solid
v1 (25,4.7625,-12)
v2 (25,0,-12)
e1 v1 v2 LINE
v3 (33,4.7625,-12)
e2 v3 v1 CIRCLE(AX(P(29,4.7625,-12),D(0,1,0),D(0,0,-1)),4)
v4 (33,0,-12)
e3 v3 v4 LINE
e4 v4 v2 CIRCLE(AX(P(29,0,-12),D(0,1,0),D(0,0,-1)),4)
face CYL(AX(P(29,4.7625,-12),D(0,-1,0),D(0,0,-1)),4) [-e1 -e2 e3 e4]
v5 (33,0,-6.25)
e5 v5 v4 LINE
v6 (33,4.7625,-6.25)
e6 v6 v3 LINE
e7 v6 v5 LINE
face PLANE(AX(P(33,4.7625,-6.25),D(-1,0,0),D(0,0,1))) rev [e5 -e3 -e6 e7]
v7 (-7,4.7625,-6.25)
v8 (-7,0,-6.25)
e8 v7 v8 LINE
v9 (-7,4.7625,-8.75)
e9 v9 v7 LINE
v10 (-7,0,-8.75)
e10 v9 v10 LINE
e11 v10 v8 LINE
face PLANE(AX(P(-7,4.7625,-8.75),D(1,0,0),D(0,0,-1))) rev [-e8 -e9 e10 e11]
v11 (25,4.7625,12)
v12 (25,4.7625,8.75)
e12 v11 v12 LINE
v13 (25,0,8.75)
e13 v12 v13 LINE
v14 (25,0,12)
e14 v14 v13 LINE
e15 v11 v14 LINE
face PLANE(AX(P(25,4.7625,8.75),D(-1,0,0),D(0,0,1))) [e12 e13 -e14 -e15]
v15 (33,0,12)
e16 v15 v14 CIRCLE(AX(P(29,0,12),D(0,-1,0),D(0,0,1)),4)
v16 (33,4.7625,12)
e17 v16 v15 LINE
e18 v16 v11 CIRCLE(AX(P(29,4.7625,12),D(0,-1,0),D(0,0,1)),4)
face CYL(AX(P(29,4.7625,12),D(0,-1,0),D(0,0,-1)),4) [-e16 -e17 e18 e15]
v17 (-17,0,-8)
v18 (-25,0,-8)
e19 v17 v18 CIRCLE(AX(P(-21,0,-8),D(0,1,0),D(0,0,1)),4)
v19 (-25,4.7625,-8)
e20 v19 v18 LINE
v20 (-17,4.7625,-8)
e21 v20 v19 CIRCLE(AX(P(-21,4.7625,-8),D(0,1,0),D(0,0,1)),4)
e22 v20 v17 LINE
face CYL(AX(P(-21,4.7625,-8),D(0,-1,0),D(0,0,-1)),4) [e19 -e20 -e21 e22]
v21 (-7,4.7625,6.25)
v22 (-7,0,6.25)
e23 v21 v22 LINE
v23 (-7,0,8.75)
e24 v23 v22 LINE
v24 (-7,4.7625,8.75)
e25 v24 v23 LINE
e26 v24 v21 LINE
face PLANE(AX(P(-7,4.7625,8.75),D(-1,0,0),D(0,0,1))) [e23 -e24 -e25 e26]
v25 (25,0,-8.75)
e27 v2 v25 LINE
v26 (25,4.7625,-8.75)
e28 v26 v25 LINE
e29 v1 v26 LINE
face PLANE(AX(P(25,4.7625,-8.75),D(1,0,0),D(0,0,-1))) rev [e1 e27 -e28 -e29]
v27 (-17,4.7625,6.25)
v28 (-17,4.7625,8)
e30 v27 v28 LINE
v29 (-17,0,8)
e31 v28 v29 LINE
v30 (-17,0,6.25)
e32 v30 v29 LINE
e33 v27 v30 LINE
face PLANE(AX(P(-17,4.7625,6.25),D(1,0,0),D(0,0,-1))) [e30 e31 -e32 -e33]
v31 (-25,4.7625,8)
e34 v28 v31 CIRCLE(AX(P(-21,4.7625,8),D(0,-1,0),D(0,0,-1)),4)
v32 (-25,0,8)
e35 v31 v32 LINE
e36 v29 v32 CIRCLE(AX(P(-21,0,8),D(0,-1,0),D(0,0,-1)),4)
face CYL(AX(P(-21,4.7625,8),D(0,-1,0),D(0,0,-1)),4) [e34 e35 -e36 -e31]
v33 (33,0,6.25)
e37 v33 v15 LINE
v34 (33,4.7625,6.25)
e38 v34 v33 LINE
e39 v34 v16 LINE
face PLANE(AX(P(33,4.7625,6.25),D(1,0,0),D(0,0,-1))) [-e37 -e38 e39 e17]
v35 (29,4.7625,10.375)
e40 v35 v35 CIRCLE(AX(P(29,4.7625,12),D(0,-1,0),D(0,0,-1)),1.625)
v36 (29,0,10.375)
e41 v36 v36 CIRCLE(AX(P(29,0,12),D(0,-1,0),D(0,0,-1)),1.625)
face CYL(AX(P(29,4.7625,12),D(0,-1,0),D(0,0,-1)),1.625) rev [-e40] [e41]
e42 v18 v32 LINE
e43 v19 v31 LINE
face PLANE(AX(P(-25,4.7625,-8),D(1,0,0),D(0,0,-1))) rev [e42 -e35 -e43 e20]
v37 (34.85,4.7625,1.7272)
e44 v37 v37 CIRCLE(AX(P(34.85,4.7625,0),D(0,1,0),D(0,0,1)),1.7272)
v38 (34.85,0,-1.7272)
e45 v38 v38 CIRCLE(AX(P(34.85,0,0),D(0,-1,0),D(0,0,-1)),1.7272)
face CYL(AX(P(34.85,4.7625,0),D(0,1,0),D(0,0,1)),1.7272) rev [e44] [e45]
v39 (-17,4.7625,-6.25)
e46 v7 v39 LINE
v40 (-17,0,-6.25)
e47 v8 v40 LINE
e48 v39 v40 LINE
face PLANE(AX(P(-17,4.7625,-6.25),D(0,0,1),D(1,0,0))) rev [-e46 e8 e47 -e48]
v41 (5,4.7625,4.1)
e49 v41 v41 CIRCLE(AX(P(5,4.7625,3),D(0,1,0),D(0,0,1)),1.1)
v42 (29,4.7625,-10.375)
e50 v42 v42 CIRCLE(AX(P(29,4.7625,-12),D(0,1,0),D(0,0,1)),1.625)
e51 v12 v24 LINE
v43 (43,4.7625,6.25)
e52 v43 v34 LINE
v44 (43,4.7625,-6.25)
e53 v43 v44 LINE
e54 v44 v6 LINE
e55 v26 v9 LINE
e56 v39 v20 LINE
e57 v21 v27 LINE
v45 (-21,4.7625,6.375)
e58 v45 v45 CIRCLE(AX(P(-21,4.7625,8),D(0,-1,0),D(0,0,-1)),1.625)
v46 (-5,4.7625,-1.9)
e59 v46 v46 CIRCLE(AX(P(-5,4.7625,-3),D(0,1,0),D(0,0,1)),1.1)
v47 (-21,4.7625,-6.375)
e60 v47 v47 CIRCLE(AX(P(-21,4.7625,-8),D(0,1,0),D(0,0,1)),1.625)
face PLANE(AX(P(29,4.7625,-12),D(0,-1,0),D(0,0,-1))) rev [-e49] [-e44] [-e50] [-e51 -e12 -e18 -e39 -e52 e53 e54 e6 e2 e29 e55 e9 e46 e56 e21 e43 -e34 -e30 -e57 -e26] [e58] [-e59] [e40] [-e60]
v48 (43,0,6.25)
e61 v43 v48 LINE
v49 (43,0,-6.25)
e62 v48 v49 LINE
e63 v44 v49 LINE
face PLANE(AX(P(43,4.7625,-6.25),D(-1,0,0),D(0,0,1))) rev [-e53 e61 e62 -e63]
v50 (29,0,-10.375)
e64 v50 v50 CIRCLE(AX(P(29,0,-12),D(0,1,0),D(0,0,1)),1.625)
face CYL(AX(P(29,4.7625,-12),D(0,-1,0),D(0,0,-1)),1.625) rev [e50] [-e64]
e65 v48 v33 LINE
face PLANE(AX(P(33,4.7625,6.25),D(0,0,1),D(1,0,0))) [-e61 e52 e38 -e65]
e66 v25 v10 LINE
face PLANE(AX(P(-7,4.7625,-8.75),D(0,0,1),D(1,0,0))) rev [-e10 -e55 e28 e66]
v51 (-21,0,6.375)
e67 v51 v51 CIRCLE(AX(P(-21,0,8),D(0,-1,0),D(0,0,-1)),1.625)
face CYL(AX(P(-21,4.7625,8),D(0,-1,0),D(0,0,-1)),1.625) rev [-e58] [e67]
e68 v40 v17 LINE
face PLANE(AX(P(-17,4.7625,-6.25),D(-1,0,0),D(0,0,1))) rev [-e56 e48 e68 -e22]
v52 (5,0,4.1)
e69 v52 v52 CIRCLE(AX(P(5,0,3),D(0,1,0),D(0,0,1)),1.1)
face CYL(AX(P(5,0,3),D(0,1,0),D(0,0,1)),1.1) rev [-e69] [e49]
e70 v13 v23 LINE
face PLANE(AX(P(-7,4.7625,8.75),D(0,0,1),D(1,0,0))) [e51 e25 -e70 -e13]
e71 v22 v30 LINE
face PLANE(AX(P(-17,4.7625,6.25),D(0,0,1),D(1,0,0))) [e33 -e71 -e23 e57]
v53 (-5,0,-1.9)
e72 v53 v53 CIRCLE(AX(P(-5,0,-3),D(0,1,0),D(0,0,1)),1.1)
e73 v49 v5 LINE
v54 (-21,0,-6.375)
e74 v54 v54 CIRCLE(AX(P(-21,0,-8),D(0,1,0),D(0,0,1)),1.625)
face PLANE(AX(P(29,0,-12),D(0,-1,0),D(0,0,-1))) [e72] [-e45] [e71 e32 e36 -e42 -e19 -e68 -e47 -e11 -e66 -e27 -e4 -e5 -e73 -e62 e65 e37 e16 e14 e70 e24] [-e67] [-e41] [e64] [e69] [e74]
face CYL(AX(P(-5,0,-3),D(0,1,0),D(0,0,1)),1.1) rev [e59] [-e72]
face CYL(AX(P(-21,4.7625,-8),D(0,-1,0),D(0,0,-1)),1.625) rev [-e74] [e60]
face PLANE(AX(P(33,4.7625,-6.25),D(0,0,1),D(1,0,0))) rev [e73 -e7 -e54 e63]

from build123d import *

# Parameters (mm, degrees)
SKETCH1_R                 = 1.625
BOSS_EXTRUDE1_DEPTH       = 4.7625
SKETCH6_R                 = 1.1
CUT_EXTRUDE3_DEPTH        = 5.7625
F_8_32_TAPPED_HOLE1_D     = 3.4544
F_8_32_TAPPED_HOLE1_DEPTH = 12.29
F_8_32_TAPPED_HOLE1_TIP   = 1.037806461


with BuildPart() as part:
    # Sketch1 → Boss-Extrude1 (new body)
    with BuildSketch(Plane(origin=(0, 0, 0), x_dir=(1, 0, 0), z_dir=(0, 1, 0))):
        with BuildLine():
            Line((-17, 6.25), (-17, 8))
            ThreePointArc((-17, 8), (-21, 12), (-25, 8))
            Line((-25, 8), (-25, 0))
            Line((-25, 0), (43, 0))
            Line((43, 0), (43, 6.25))
            Line((43, 6.25), (33, 6.25))
            Line((33, 6.25), (33, 12))
            ThreePointArc((33, 12), (29, 16), (25, 12))
            Line((25, 12), (25, 8.75))
            Line((25, 8.75), (-7, 8.75))
            Line((-7, 8.75), (-7, 6.25))
            Line((-7, 6.25), (-17, 6.25))
        make_face()
        with Locations((-21, 8)):
            Circle(SKETCH1_R, mode=Mode.SUBTRACT)
        with Locations((29, 12)):
            Circle(SKETCH1_R, mode=Mode.SUBTRACT)
    boss_extrude1 = extrude(amount=BOSS_EXTRUDE1_DEPTH)

    # Mirror1: Boss-Extrude1 across plane
    add(boss_extrude1.mirror(Plane.XY))

    # Sketch6 → Cut-Extrude3 (cut, through all)
    with BuildSketch(Plane(origin=(0, 4.7625, 0), x_dir=(1, 0, 0), z_dir=(0, 1, 0))):
        with Locations((5, -3)):
            Circle(SKETCH6_R)
        with Locations((-5, 3)):
            Circle(SKETCH6_R)
    extrude(amount=-CUT_EXTRUDE3_DEPTH, mode=Mode.SUBTRACT)

    # #8-32 Tapped Hole1
    with Locations(Plane(origin=(0, 4.7625, 0), x_dir=(-1, 0, 0), z_dir=(0, 1, 0))):
        with Locations((-34.85, 0)):
            Hole(F_8_32_TAPPED_HOLE1_D / 2, depth=F_8_32_TAPPED_HOLE1_DEPTH)
            with Locations((0, 0, -(F_8_32_TAPPED_HOLE1_DEPTH + F_8_32_TAPPED_HOLE1_TIP / 2))):  # 118° drill point
                Cone(0, F_8_32_TAPPED_HOLE1_D / 2, F_8_32_TAPPED_HOLE1_TIP, mode=Mode.SUBTRACT)


solid = part.part
